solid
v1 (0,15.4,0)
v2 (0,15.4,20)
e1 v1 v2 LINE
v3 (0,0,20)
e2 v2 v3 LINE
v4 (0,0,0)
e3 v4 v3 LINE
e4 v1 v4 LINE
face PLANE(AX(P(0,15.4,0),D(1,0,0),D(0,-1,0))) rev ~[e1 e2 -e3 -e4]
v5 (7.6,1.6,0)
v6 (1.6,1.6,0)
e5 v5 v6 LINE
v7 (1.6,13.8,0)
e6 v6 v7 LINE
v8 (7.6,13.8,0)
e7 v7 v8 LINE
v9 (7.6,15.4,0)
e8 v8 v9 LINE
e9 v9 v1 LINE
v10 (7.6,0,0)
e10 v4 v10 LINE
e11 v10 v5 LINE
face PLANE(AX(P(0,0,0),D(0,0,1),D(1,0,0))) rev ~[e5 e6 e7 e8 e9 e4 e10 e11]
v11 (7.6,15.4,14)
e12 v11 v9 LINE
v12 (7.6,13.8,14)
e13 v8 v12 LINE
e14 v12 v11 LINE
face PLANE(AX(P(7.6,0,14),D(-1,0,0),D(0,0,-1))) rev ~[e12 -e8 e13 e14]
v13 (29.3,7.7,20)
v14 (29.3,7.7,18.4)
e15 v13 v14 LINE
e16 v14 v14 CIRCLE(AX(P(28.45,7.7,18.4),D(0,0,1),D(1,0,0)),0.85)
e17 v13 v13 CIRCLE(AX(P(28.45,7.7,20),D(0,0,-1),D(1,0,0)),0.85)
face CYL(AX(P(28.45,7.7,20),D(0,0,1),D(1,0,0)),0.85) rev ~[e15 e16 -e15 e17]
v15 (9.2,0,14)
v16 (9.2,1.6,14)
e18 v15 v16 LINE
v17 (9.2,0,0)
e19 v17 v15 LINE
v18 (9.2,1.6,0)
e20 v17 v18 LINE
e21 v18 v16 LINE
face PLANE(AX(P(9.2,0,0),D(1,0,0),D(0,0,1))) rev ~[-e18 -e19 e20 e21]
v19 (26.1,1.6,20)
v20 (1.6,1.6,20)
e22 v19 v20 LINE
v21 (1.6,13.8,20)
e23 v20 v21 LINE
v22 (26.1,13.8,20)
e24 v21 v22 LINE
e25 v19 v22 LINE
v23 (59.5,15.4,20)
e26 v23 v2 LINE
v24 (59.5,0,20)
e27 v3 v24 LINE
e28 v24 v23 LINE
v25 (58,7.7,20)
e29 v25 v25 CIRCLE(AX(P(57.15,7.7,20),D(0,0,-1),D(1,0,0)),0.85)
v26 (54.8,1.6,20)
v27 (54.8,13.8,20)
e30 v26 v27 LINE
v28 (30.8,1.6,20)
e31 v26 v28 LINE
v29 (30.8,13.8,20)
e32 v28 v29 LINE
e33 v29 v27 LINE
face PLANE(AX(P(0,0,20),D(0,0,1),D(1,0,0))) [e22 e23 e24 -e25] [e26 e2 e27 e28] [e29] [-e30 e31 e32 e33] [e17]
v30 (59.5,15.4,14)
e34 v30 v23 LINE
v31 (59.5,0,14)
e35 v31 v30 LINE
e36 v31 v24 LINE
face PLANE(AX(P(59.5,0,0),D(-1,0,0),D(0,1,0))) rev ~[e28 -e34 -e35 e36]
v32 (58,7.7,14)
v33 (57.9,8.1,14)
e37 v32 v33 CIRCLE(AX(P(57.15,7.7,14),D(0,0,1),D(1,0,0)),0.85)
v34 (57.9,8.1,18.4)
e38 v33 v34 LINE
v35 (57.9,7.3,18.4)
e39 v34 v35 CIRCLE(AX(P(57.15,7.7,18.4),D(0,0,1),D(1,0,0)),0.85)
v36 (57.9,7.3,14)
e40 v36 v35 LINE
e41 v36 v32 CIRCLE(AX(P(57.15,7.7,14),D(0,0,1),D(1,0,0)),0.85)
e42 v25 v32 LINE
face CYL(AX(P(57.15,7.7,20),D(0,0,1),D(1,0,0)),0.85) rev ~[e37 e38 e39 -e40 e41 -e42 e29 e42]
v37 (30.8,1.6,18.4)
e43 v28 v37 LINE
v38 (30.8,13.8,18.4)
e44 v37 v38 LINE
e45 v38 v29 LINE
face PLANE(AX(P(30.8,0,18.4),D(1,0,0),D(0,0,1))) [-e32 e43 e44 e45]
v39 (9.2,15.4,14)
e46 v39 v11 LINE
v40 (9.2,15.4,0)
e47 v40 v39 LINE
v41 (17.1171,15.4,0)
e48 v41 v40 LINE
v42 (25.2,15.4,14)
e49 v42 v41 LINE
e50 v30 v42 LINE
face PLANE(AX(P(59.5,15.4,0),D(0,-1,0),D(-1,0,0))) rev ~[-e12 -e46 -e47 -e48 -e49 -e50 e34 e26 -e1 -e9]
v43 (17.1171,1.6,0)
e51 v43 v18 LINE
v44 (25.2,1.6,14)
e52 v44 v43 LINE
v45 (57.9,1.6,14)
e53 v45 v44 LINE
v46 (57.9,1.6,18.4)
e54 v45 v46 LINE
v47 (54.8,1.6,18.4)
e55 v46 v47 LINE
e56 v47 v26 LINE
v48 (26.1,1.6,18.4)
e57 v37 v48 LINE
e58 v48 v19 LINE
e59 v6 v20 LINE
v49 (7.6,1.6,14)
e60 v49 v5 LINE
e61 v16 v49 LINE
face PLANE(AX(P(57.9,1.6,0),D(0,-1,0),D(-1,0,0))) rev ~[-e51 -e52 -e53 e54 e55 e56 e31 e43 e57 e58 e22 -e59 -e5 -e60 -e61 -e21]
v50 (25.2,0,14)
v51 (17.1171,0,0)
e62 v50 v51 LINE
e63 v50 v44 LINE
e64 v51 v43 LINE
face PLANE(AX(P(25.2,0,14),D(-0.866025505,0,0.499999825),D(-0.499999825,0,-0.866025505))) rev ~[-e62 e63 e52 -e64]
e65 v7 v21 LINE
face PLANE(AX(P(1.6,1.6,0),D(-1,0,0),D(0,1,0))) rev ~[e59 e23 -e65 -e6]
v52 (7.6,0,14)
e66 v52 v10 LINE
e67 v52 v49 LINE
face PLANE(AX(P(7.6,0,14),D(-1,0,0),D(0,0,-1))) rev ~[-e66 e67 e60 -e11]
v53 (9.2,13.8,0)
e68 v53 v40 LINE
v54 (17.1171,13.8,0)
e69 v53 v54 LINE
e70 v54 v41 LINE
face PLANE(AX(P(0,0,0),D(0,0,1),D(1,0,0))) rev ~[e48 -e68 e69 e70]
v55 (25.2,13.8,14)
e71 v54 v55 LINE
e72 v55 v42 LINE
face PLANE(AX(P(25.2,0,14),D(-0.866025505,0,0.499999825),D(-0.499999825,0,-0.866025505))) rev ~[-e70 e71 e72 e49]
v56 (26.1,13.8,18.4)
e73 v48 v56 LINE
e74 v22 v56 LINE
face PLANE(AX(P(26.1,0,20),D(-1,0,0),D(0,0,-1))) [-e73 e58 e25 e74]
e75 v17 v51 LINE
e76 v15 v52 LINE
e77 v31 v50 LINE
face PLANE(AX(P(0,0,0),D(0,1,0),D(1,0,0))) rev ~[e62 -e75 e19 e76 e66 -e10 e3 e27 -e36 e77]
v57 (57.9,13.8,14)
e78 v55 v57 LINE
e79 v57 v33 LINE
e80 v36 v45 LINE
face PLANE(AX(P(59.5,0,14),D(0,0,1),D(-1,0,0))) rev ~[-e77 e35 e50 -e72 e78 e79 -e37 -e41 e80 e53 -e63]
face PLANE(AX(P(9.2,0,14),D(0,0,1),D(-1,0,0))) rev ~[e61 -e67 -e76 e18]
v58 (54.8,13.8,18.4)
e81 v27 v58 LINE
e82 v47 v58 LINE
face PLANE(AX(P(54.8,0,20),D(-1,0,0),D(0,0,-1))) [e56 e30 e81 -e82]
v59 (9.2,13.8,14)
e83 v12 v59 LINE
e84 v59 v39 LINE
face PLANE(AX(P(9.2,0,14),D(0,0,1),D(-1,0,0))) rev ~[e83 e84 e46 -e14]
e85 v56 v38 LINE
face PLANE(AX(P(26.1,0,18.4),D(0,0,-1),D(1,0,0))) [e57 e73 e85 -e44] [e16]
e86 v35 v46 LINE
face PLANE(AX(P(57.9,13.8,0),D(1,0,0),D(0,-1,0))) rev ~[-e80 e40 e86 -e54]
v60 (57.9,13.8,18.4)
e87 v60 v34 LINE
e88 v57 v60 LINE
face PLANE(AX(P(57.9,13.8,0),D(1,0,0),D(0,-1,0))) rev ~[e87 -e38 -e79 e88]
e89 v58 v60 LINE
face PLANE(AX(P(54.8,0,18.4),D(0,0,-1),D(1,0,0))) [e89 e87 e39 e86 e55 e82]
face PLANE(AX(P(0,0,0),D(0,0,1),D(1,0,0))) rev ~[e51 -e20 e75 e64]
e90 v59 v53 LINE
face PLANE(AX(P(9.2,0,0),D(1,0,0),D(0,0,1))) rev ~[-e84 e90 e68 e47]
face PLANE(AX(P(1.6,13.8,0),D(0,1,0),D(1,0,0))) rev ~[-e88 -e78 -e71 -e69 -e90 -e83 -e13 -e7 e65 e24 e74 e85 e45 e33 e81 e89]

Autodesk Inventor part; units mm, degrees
ref_plane "YZ Plane" through (0, 0, 0) normal (1, 0, 0) x (0, 1, 0)
ref_plane "XZ Plane" through (0, 0, 0) normal (0, 1, 0) x (-1, 0, 0)
ref_plane "XY Plane" through (0, 0, 0) normal (0, 0, 1) x (1, 0, 0)
sketch "Sketch1" plane through (0, 0, 0) normal (0, 0, 1) x (1, 0, 0)
  line L0 (0, 0) -> (59.5, 0)
  line L1 (59.5, 0) -> (59.5, 15.4)
  line L2 (59.5, 15.4) -> (0, 15.4)
  line L3 (0, 15.4) -> (0, 0)
  line L4 (1.6, 13.8) -> (57.9, 13.8)
  line L5 (57.9, 13.8) -> (57.9, 1.6)
  line L6 (57.9, 1.6) -> (1.6, 1.6)
  line L7 (1.6, 1.6) -> (1.6, 13.8)
  dimension "d0" = 59.5
  dimension "d1" = 15.4
  dimension "d2" = 1.6
extrude "Extrusion1" add sketch "Sketch1" along normal blind 20
sketch "Sketch2" plane through (0, 0, 0) normal (0, -1, 0) x (1, 0, 0)
  line L0 (1.6, 0) -> (57.9, 0) projected
  line L1 (7.6, 0) -> (9.2, 0)
  line L2 (9.2, 0) -> (9.2, 14)
  line L3 (9.2, 14) -> (7.6, 14)
  line L4 (7.6, 14) -> (7.6, 0)
  line L5 (0, 0) -> (0, 20) projected
  dimension "d5" = 1.6
  dimension "d6" = 14
  dimension "d7" = 7.6
extrude "Extrusion2" cut sketch "Sketch2" against normal up to surface (15.4 mm away)
sketch "Sketch3" plane through (0, 0, 20) normal (0, -1, 0) x (1, 0, 0)
  line L0 (9.2, -6) -> (9.2, -20) projected
  line L1 (9.2, -20) -> (59.5, -20) projected
  line L2 (59.5, -20) -> (59.5, 0) projected
  line L3 (0, 0) -> (59.5, 0) projected
  line L4 (0, -20) -> (0, 0) projected
  line L5 (0, -20) -> (7.6, -20) projected
  line L6 (7.6, -20) -> (7.6, -6) projected
  line L7 (7.6, -6) -> (9.2, -6) projected
  line L8 (57.9, -20) -> (9.2, -20) projected
  line L9 (25.2, -20) -> (59.5, -20)
  line L10 (59.5, -20) -> (59.5, -6)
  line L11 (59.5, -6) -> (25.2, -6)
  line L12 (25.2, -6) -> (25.2, -20)
  dimension "d10" = 14
  dimension "d11" = 16
extrude "Extrusion3" cut sketch "Sketch3" against normal up to surface (15.4 mm away) contours L12 L11 L2 L1
sketch "Sketch4" plane through (0, 0, 20) normal (0, -1, 0) x (1, 0, 0)
  line L0 (25.2, -6) -> (59.5, -6) projected
  line L1 (59.5, -6) -> (59.5, 0) projected
  line L2 (0, 0) -> (59.5, 0) projected
  line L3 (0, -20) -> (0, 0) projected
  line L4 (0, -20) -> (7.6, -20) projected
  line L5 (7.6, -20) -> (7.6, -6) projected
  line L6 (7.6, -6) -> (9.2, -6) projected
  line L7 (9.2, -6) -> (9.2, -20) projected
  line L8 (9.2, -20) -> (25.2, -20) projected
  line L9 (25.2, -20) -> (25.2, -6) projected
  line L10 (59.5, 0) -> (54.8, 0)
  line L11 (54.8, 0) -> (54.8, -1.6)
  line L12 (54.8, -1.6) -> (59.5, -1.6)
  line L13 (59.5, -1.6) -> (59.5, 0)
  line L14 (57.9, 0) -> (1.6, 0) projected
  line L15 (30.8, 0) -> (26.1, 0)
  line L16 (26.1, 0) -> (26.1, -1.6)
  line L17 (26.1, -1.6) -> (30.8, -1.6)
  line L18 (30.8, -1.6) -> (30.8, 0)
  dimension "d14" = 4.7
  dimension "d15" = 1.6
  dimension "d16" = 1.6
  dimension "d17" = 4.7
  dimension "d18" = 24
extrude "Extrusion4" add sketch "Sketch4" against normal up to next contours L12 L11 L2 L1 | L18 L17 L16 L2
sketch "Sketch6" plane through (0, 0, 20) normal (0, 0, 1) x (1, 0, 0)
  line L0 (0, 0) -> (59.5, 0) projected
  line L1 (59.5, 0) -> (59.5, 15.4) projected
  line L2 (59.5, 15.4) -> (0, 15.4) projected
  line L3 (0, 15.4) -> (0, 0) projected
  line L4 (26.1, 1.6) -> (26.1, 13.8) projected
  line L5 (26.1, 1.6) -> (1.6, 1.6) projected
  line L6 (1.6, 1.6) -> (1.6, 13.8) projected
  line L7 (1.6, 13.8) -> (26.1, 13.8) projected
  line L8 (54.8, 1.6) -> (30.8, 1.6) projected
  line L9 (30.8, 1.6) -> (30.8, 13.8) projected
  line L10 (30.8, 13.8) -> (54.8, 13.8) projected
  line L11 (54.8, 1.6) -> (54.8, 13.8) projected
  line L12 (26.1, 1.6) -> (30.8, 13.8)
  line L13 (30.8, 1.6) -> (26.1, 13.8)
  line L14 (54.8, 1.6) -> (59.5, 1.6)
  line L15 (59.5, 0) -> (59.5, 15.4) projected
  line L16 (54.8, 13.8) -> (59.5, 13.8)
  line L17 (54.8, 1.6) -> (59.5, 13.8)
  line L18 (54.8, 13.8) -> (59.5, 1.6)
  circle A0 centre (28.45, 7.7) radius 0.85
  circle A1 centre (57.15, 7.7) radius 0.85
  point P0 (0, 0)
  dimension "d24" = 1.7
  dimension "d25" = 1.7
extrude "Extrusion5" cut sketch "Sketch6" against normal up to next contours A1 L17 L18 | L18 L17 A1 | L17 L18 A1 | A1 L18 L17 | A0 L12 L13 | L13 L12 A0 | L12 L13 A0 | L12 A0 L13
sketch "Sketch7" plane through (0, 0, 20) normal (0, -1, 0) x (1, 0, 0)
  line L0 (59.5, -6) -> (59.5, 0) projected
  line L1 (0, 0) -> (59.5, 0) projected
  line L2 (0, -20) -> (0, 0) projected
  line L3 (0, -20) -> (7.6, -20) projected
  line L4 (7.6, -20) -> (7.6, -6) projected
  line L5 (7.6, -6) -> (9.2, -6) projected
  line L6 (9.2, -6) -> (9.2, -20) projected
  line L7 (9.2, -20) -> (25.2, -20) projected
  line L8 (25.2, -20) -> (25.2, -6) projected
  line L9 (25.2, -6) -> (59.5, -6) projected
  line L10 (25.2, -6) -> (17.1171, -20)
  line L11 (9.2, -20) -> (25.2, -20) projected
  line L12 (25.2, -6) -> (41.3658, -6) construction
  line L13 (17.1171, -20) -> (25.2, -20)
  line L14 (25.2, -20) -> (25.2, -6)
  dimension "d28" = 120
extrude "Extrusion6" cut sketch "Sketch7" against normal up to surface (15.4 mm away) contours L8 L7 L10
properties part number "CarCab"
